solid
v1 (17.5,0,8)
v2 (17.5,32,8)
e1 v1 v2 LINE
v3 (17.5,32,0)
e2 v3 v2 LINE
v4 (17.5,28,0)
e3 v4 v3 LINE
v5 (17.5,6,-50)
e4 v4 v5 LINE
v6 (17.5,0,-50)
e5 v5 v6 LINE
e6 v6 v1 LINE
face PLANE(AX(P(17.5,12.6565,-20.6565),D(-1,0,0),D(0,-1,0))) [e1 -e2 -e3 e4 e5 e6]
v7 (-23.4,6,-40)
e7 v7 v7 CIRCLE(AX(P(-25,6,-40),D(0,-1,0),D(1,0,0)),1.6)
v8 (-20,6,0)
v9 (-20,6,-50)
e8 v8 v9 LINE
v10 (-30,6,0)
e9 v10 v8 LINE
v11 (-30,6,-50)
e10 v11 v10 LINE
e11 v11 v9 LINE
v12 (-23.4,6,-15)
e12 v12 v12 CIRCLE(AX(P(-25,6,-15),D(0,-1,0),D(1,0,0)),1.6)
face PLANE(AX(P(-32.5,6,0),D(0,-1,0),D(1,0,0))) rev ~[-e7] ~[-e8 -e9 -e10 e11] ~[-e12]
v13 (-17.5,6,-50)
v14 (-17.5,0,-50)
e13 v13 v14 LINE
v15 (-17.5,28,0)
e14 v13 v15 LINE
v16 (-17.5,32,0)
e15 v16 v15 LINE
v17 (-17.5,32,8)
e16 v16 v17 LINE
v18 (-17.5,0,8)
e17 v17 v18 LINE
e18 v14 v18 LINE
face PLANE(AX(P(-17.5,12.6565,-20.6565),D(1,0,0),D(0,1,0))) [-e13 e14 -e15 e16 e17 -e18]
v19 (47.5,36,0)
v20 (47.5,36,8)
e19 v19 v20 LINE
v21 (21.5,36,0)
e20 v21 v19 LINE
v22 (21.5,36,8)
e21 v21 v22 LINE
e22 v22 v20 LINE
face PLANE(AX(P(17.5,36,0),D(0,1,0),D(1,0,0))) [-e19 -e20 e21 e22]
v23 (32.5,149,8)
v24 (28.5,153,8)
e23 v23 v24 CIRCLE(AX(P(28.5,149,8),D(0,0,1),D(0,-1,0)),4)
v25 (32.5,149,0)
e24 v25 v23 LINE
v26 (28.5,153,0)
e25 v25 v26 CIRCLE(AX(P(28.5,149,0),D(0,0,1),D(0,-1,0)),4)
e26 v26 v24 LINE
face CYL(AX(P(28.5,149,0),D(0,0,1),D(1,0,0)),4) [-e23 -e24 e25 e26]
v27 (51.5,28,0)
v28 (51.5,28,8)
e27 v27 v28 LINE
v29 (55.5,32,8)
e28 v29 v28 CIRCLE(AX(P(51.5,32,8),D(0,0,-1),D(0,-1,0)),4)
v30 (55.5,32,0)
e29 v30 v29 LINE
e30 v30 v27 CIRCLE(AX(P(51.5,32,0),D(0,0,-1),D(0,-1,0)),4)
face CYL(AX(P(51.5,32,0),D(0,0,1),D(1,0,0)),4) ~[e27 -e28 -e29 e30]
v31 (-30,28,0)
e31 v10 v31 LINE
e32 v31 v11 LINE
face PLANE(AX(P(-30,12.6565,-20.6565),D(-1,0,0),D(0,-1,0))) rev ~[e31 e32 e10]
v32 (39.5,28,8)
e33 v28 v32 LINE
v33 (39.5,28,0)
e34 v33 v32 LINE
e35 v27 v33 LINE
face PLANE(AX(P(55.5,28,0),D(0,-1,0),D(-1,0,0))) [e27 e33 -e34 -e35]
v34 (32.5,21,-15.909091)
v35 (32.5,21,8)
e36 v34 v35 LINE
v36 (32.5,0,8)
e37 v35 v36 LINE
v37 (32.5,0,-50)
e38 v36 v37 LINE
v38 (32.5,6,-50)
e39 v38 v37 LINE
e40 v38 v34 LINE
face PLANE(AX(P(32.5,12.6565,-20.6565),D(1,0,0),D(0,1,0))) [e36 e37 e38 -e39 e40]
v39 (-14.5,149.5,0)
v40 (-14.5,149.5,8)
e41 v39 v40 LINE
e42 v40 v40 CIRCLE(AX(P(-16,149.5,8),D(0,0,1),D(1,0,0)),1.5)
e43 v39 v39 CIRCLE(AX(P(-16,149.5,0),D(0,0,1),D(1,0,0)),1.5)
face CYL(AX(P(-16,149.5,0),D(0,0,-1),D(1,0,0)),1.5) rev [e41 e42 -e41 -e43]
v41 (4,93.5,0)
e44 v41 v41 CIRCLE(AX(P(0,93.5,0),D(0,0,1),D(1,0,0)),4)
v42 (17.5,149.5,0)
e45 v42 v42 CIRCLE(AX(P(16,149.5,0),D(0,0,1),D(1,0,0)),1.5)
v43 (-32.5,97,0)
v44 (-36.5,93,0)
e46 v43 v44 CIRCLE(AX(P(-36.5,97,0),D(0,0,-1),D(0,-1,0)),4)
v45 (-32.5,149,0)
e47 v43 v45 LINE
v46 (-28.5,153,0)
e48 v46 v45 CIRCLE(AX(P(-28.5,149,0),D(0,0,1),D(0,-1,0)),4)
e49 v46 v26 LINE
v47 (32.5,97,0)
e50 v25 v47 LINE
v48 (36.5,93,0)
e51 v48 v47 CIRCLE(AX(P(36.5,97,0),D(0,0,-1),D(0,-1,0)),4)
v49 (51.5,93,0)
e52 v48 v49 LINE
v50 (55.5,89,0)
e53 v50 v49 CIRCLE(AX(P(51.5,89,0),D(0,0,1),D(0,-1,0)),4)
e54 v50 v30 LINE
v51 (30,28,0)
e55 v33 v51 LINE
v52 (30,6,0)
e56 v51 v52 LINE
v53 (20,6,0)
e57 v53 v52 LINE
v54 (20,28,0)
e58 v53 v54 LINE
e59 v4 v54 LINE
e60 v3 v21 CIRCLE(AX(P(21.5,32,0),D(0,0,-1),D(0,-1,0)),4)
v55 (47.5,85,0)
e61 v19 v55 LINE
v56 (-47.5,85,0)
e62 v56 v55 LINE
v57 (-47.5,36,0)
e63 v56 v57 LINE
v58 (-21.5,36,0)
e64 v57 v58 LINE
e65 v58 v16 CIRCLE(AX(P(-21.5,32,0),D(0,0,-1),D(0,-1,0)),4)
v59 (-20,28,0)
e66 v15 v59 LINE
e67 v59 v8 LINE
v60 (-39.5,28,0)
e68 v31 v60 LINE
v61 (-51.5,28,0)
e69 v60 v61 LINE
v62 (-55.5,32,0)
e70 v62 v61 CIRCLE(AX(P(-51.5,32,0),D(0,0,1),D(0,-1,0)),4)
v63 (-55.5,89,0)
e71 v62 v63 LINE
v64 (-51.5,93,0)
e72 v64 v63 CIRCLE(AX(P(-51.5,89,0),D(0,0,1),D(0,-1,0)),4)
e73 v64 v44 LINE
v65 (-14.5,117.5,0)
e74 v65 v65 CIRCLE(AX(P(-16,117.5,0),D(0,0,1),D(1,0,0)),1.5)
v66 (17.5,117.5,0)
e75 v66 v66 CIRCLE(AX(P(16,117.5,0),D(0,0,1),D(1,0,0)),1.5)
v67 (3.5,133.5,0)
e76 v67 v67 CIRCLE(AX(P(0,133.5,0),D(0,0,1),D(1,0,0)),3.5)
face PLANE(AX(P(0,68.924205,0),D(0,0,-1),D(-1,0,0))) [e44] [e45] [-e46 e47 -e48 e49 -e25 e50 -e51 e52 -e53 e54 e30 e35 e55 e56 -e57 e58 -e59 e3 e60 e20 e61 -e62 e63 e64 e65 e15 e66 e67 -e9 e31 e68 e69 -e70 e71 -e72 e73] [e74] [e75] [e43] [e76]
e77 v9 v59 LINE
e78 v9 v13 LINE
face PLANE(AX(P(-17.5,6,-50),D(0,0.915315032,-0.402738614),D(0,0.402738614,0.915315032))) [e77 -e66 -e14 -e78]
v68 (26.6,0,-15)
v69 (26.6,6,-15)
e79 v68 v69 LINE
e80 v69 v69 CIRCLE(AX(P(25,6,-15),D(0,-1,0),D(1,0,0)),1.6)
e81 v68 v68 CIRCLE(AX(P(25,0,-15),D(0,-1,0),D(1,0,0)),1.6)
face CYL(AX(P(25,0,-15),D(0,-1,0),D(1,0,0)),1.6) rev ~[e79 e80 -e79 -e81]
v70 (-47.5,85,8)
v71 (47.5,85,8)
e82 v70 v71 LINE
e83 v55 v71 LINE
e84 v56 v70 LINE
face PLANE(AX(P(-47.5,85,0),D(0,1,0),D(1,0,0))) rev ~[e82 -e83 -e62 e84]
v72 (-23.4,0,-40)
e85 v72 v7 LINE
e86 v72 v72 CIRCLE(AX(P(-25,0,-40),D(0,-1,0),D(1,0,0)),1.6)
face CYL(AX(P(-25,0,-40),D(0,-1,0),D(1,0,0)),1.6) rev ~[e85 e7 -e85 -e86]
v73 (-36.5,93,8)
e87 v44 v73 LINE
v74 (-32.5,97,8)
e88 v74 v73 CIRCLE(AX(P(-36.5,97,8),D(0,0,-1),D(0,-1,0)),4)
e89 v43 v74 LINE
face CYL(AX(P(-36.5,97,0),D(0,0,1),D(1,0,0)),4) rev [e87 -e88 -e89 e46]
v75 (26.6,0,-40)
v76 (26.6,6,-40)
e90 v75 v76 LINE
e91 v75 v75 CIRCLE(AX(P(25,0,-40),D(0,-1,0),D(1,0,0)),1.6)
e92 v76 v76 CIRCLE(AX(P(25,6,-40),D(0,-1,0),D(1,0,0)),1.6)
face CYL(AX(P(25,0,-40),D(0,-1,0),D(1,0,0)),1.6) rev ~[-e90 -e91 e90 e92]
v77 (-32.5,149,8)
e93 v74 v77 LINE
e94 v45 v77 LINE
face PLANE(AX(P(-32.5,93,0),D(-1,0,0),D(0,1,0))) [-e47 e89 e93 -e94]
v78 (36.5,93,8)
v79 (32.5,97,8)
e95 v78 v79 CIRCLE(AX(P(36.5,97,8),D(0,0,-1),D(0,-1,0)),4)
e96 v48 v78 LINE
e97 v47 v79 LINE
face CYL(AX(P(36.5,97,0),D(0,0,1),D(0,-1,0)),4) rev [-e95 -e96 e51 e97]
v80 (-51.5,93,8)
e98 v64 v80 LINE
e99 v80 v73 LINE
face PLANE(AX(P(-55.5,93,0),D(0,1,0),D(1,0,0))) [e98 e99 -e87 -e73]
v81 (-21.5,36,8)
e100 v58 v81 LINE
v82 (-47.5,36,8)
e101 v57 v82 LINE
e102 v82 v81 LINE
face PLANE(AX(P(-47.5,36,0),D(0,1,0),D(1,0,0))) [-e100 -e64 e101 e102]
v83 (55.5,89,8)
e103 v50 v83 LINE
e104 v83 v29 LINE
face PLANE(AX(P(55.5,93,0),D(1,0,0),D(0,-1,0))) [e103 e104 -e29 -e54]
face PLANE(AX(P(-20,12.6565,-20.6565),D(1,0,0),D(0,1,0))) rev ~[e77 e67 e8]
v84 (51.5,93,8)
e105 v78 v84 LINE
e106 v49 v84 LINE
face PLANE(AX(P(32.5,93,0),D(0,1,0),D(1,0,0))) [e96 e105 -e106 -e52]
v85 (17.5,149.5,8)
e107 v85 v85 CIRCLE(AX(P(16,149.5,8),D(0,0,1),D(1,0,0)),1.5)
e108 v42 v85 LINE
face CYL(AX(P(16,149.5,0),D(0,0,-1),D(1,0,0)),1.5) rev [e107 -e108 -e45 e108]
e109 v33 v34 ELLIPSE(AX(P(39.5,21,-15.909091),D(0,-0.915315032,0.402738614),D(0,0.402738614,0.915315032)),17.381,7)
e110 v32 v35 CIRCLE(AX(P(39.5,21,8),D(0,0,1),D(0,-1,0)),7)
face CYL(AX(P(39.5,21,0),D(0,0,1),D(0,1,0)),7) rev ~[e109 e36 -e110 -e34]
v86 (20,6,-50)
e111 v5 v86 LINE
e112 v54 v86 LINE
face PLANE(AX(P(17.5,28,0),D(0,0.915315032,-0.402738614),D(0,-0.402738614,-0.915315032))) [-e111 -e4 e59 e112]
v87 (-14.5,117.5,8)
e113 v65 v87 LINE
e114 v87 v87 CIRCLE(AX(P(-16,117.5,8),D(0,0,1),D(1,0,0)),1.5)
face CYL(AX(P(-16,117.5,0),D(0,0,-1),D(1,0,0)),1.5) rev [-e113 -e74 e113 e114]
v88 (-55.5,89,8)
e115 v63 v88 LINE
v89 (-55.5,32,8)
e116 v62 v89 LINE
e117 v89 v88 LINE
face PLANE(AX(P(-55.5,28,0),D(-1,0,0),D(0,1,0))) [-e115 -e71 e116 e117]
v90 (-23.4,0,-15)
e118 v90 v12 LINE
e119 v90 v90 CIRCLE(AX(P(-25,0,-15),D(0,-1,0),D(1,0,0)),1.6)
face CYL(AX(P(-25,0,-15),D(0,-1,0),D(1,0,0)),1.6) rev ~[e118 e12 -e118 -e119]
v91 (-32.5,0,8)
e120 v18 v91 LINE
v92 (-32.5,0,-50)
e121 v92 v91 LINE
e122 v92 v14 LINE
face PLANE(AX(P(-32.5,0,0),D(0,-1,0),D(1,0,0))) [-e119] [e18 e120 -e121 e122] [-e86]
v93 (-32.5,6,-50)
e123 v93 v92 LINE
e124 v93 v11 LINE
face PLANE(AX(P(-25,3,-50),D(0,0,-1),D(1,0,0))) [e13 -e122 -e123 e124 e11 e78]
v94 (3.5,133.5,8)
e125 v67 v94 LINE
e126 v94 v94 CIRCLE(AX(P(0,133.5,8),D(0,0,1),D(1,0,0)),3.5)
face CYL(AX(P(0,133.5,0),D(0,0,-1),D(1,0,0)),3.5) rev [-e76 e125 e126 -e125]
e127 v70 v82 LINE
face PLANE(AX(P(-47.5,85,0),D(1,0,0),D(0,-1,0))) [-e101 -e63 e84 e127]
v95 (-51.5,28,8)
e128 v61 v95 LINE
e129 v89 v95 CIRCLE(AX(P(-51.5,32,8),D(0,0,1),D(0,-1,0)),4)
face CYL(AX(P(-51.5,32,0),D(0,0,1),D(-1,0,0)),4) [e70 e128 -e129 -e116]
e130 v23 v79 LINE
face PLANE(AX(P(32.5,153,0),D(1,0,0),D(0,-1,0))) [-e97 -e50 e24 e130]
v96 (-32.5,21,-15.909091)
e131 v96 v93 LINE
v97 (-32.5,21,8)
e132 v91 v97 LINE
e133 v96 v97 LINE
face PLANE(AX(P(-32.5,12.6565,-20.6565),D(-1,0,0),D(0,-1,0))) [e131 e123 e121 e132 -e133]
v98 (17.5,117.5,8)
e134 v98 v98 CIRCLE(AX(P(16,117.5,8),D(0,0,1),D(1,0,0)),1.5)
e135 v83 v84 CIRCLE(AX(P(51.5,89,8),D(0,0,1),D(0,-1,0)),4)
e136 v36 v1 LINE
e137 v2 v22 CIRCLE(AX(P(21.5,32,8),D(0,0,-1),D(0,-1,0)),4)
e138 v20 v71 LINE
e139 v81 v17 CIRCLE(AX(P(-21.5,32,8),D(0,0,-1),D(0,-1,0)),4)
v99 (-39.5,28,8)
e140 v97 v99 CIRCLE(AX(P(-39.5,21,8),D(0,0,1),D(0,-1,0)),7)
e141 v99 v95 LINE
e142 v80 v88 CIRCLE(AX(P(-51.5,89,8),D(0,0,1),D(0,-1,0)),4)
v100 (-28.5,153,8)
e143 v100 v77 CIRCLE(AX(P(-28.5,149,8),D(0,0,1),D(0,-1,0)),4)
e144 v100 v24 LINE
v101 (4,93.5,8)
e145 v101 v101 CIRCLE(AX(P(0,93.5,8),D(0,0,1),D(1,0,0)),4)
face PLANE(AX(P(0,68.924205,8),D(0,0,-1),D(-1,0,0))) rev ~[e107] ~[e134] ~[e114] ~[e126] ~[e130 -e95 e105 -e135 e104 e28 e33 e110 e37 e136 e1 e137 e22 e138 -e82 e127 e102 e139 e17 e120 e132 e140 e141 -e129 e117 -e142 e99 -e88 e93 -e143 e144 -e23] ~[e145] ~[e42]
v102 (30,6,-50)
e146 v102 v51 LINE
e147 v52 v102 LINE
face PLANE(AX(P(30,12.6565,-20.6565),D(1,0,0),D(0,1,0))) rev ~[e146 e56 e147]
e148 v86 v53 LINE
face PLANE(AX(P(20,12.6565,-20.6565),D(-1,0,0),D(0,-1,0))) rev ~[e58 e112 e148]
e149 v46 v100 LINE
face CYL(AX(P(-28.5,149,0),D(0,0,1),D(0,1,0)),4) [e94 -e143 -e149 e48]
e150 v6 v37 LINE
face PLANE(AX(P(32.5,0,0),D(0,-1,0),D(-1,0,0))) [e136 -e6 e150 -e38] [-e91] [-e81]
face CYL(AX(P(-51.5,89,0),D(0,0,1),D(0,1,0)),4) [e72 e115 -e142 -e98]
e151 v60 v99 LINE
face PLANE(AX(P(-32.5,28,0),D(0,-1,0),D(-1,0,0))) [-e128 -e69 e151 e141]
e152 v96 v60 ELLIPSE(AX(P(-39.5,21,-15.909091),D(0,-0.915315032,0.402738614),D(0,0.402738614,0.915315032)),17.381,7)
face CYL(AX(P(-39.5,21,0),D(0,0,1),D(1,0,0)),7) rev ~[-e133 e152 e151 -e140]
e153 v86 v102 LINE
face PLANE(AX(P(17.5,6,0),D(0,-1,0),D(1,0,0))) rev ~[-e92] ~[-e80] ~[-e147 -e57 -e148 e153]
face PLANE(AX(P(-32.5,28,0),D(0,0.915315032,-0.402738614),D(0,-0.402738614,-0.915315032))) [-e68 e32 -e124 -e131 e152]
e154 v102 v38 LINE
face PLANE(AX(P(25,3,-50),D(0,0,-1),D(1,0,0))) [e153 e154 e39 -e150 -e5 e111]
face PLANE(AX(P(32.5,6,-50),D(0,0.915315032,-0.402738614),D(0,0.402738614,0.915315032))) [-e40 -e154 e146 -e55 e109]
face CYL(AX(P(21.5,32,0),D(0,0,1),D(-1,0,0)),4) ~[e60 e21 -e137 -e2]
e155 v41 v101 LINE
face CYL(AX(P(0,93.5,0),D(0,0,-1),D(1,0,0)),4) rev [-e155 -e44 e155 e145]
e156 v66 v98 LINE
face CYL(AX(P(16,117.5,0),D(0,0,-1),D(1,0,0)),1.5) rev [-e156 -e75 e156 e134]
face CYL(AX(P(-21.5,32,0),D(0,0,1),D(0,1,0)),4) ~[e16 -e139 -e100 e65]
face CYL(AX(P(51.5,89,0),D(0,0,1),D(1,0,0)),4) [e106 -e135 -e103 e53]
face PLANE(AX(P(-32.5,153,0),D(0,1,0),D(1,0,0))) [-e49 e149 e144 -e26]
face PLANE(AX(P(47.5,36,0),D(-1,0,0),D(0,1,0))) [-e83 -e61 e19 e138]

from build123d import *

# Parameters (mm, degrees)
SKETCH_R     = 4
SKETCH_R_2   = 3.5
SKETCH_R_3   = 1.5
PAD_DEPTH    = 8
SKETCH001_W  = 15
SKETCH001_H  = 6
PAD001_DEPTH = 50
PAD002_DEPTH = 2.5
PAD003_DEPTH = 2.5
PAD004_DEPTH = 2.5
PAD005_DEPTH = 2.5
SKETCH006_R  = 1.6
POCKET_DEPTH = 6
FILLET_R     = 7
FILLET001_R  = 4
FILLET002_R  = 4


with BuildPart() as part:
    # Sketch → Pad (new body)
    with BuildSketch(Plane.XY):
        Polygon((-17.5, 0), (-32.5, 0), (-32.5, 28), (-55.5, 28), (-55.5, 93), (-32.5, 93), (-32.5, 153), (32.5, 153), (32.5, 93), (55.5, 93), (55.5, 28), (32.5, 28), (32.5, 0), (17.5, 0), (17.5, 36), (47.5, 36), (47.5, 85), (17.5, 85), (-17.5, 85), (-47.5, 85), (-47.5, 36), (-17.5, 36), align=None)
        with Locations((0, 93.5)):
            Circle(SKETCH_R, mode=Mode.SUBTRACT)
        with Locations((0, 133.5)):
            Circle(SKETCH_R_2, mode=Mode.SUBTRACT)
        with Locations((-16, 149.5)):
            Circle(SKETCH_R_3, mode=Mode.SUBTRACT)
        with Locations((16, 149.5)):
            Circle(SKETCH_R_3, mode=Mode.SUBTRACT)
        with Locations((16, 117.5)):
            Circle(SKETCH_R_3, mode=Mode.SUBTRACT)
        with Locations((-16, 117.5)):
            Circle(SKETCH_R_3, mode=Mode.SUBTRACT)
    extrude(amount=PAD_DEPTH)

    # Sketch001 (on Face20 of Pad) → Pad001 (join)
    with BuildSketch(Plane(origin=(0, 0, 0), x_dir=(1, 0, 0), z_dir=(0, 0, -1))):
        with Locations((-25, -3)):
            Rectangle(SKETCH001_W, SKETCH001_H)
        with Locations((25, -3)):
            Rectangle(SKETCH001_W, SKETCH001_H)
    extrude(amount=PAD001_DEPTH)

    # Sketch002 (on Face31 of Pad001) → Pad002 (join)
    with BuildSketch(Plane.YZ.offset(32.5)):
        Polygon((6, 0), (6, -50), (28, 0), align=None)
    extrude(amount=-PAD002_DEPTH)

    # Sketch003 (on Face14 of Pad002) → Pad003 (join)
    with BuildSketch(Plane(origin=(17.5, 0, 0), x_dir=(0, -1, 0), z_dir=(-1, 0, 0))):
        Polygon((-6, 0), (-28, 0), (-6, -50), align=None)
    extrude(amount=-PAD003_DEPTH)

    # Sketch004 (on Face3 of Pad003) → Pad004 (join)
    with BuildSketch(Plane(origin=(-32.5, 0, 0), x_dir=(0, -1, 0), z_dir=(-1, 0, 0))):
        Polygon((-6, -50), (-6, 0), (-28, 0), align=None)
    extrude(amount=-PAD004_DEPTH)

    # Sketch005 (on Face20 of Pad004) → Pad005 (join)
    with BuildSketch(Plane.YZ.offset(-17.5)):
        Polygon((28, 0), (6, 0), (6, -50), align=None)
    extrude(amount=-PAD005_DEPTH)

    # Sketch006 (on Face2 of Pad005) → Pocket (cut)
    with BuildSketch(Plane.XZ):
        with Locations((25, -40)):
            Circle(SKETCH006_R)
        with Locations((25, -15)):
            Circle(SKETCH006_R)
        with Locations((-25, -15)):
            Circle(SKETCH006_R)
        with Locations((-25, -40)):
            Circle(SKETCH006_R)
    extrude(amount=-POCKET_DEPTH, mode=Mode.SUBTRACT)

    # Fillet
    fillet_edges = [part.edges().sort_by_distance(p)[0] for p in [
        (-32.5, 28, 4),
        (32.5, 28, 4),
    ]]
    fillet(fillet_edges, radius=FILLET_R)

    # Fillet001
    fillet001_edges = [part.edges().sort_by_distance(p)[0] for p in [
        (-55.5, 28, 4),
        (-55.5, 93, 4),
        (-32.5, 93, 4),
        (-32.5, 153, 4),
        (32.5, 153, 4),
        (32.5, 93, 4),
        (55.5, 93, 4),
        (55.5, 28, 4),
    ]]
    fillet(fillet001_edges, radius=FILLET001_R)

    # Fillet002
    fillet002_edges = [part.edges().sort_by_distance(p)[0] for p in [
        (17.5, 36, 4),
        (-17.5, 36, 4),
    ]]
    fillet(fillet002_edges, radius=FILLET002_R)


solid = part.part
